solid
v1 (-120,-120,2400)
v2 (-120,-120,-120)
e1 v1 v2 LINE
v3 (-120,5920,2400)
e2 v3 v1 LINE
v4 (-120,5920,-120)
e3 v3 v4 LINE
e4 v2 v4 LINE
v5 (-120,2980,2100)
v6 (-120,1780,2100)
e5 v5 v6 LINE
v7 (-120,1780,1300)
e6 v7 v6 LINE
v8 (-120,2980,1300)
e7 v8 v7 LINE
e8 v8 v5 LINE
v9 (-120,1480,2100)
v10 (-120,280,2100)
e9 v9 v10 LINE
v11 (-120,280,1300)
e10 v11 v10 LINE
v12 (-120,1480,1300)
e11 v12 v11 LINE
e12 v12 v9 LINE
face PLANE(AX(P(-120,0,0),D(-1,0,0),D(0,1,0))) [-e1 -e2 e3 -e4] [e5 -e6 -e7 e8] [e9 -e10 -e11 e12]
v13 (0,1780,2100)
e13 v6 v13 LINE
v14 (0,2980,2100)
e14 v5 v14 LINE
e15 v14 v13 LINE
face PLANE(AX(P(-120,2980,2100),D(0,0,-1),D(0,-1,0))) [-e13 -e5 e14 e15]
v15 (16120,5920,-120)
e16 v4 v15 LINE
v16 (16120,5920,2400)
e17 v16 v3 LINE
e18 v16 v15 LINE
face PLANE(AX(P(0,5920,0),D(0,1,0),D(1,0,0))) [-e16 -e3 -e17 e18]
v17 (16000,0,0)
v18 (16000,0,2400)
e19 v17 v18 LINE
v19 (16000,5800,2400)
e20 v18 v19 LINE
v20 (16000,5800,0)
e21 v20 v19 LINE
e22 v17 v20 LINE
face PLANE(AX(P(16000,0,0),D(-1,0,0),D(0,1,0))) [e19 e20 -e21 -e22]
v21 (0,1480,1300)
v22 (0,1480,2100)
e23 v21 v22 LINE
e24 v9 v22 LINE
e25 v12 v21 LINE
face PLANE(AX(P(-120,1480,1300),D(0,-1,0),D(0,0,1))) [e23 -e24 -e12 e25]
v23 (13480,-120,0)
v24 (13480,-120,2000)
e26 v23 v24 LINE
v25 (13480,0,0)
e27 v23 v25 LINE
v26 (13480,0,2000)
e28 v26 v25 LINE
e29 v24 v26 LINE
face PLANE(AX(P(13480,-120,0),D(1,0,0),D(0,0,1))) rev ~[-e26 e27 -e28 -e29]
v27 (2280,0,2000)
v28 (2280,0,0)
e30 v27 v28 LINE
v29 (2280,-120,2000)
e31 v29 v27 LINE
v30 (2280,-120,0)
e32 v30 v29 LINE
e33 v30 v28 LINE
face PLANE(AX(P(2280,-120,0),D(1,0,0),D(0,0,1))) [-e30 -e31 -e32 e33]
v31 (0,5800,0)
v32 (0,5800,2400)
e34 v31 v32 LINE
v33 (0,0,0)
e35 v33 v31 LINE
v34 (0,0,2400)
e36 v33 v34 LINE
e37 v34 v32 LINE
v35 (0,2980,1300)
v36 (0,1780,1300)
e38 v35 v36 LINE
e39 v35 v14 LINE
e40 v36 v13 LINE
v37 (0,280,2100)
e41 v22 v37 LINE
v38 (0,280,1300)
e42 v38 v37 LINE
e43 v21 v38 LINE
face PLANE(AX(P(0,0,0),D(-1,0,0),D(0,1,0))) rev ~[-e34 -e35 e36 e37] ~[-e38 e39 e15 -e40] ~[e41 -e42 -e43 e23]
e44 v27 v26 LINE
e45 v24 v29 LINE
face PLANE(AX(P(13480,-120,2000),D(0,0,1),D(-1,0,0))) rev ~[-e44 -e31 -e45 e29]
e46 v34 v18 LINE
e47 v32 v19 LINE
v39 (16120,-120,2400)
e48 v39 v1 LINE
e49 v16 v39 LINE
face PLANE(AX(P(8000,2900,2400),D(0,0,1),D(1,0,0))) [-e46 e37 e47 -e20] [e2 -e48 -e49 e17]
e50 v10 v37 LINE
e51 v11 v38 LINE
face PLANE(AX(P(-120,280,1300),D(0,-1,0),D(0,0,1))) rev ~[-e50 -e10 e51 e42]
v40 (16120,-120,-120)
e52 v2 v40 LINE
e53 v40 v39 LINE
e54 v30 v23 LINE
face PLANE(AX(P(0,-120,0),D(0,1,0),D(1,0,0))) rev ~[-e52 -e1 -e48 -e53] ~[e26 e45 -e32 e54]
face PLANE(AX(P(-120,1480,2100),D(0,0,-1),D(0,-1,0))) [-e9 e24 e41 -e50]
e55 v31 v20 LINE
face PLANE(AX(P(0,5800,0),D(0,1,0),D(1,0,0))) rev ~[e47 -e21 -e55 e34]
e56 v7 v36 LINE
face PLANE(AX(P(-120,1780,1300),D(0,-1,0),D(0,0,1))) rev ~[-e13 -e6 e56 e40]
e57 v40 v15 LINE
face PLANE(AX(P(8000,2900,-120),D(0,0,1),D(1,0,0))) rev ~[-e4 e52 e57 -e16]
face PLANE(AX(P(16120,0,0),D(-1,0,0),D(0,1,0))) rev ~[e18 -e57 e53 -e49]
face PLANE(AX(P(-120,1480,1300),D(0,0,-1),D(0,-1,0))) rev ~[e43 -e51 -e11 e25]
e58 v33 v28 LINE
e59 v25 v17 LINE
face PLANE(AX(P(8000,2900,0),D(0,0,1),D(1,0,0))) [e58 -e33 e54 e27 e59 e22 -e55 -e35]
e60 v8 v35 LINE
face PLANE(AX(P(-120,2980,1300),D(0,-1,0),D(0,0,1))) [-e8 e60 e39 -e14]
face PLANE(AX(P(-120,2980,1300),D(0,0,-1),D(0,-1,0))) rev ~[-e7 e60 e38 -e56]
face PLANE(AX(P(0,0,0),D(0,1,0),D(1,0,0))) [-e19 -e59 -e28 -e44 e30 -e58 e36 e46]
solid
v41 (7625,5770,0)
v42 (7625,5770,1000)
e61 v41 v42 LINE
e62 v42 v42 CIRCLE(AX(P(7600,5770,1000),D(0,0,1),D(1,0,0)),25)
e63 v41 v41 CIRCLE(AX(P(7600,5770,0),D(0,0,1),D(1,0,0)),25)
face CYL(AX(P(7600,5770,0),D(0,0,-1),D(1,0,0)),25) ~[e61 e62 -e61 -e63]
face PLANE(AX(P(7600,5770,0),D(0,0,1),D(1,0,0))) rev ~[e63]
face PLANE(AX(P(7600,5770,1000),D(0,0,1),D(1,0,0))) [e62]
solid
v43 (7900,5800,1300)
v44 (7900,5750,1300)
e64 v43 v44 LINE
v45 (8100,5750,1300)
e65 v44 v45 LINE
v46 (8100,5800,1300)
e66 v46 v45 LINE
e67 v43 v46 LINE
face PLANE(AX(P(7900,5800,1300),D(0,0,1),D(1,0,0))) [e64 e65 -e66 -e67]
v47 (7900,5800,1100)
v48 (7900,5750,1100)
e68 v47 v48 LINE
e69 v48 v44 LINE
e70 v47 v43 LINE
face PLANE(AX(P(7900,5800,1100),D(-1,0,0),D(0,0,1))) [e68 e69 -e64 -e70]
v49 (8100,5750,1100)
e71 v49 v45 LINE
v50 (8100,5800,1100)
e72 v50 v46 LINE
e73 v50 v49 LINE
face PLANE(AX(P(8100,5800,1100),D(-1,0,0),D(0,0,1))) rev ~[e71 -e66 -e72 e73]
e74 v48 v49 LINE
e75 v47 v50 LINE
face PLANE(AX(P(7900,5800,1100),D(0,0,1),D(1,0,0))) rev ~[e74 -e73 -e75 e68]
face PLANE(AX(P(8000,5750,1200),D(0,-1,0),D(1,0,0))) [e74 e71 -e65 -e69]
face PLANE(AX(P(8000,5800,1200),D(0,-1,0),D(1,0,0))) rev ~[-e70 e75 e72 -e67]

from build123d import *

# Parameters (mm, degrees)
F0_W      = 16000
F0_H      = 5800
F1_DEPTH  = 2400
F2_T      = 120
F3_W      = 1200
F3_H      = 800
F4_DEPTH  = 120
F5_W      = 2800
F5_H      = 2000
F6_DEPTH  = 1200
F7_W      = 200
F7_H      = 200
F8_DEPTH  = 50
F9_R      = 25
F10_DEPTH = 1000


with BuildPart() as f1:
    # F0 (on Top) → F1 (new body)
    with BuildSketch(Plane.XY):
        with Locations((8000, 2900)):
            Rectangle(F0_W, F0_H)
    extrude(amount=F1_DEPTH)

    # F2
    f2_openings = [f1.faces().sort_by_distance(p)[0] for p in [
        (8000, 2900, 2400),
    ]]
    offset(amount=F2_T, openings=f2_openings, kind=Kind.INTERSECTION)

    # F3 (on face) → F4 (cut)
    with BuildSketch(Plane(origin=(-120, 0, 0), x_dir=(0, -1, 0), z_dir=(-1, 0, 0))):
        with Locations((-2380, 1700)):
            Rectangle(F3_W, F3_H)
        with Locations((-880, 1700)):
            Rectangle(F3_W, F3_H)
    extrude(amount=-F4_DEPTH, mode=Mode.SUBTRACT)

    # F5 (on face) → F6 (cut)
    with BuildSketch(Plane.XZ.offset(120)):
        with Locations((3680, 1000)):
            Rectangle(F5_W, F5_H)
        with Locations((6480, 1000)):
            Rectangle(F5_W, F5_H)
        with Locations((9280, 1000)):
            Rectangle(F5_W, F5_H)
        with Locations((12080, 1000)):
            Rectangle(F5_W, F5_H)
    extrude(amount=-F6_DEPTH, mode=Mode.SUBTRACT)


with BuildPart() as f8:
    # F7 (on face) → F8 (new body)
    with BuildSketch(Plane.XZ.offset(-5800)):
        with Locations((8000, 1200)):
            Rectangle(F7_W, F7_H)
    extrude(amount=F8_DEPTH)


with BuildPart() as f10:
    # F9 (on face) → F10 (new body)
    with BuildSketch(Plane.XY):
        with Locations((7600, 5770)):
            Circle(F9_R)
    extrude(amount=F10_DEPTH)


solid = Compound([f1.part, f8.part, f10.part])
